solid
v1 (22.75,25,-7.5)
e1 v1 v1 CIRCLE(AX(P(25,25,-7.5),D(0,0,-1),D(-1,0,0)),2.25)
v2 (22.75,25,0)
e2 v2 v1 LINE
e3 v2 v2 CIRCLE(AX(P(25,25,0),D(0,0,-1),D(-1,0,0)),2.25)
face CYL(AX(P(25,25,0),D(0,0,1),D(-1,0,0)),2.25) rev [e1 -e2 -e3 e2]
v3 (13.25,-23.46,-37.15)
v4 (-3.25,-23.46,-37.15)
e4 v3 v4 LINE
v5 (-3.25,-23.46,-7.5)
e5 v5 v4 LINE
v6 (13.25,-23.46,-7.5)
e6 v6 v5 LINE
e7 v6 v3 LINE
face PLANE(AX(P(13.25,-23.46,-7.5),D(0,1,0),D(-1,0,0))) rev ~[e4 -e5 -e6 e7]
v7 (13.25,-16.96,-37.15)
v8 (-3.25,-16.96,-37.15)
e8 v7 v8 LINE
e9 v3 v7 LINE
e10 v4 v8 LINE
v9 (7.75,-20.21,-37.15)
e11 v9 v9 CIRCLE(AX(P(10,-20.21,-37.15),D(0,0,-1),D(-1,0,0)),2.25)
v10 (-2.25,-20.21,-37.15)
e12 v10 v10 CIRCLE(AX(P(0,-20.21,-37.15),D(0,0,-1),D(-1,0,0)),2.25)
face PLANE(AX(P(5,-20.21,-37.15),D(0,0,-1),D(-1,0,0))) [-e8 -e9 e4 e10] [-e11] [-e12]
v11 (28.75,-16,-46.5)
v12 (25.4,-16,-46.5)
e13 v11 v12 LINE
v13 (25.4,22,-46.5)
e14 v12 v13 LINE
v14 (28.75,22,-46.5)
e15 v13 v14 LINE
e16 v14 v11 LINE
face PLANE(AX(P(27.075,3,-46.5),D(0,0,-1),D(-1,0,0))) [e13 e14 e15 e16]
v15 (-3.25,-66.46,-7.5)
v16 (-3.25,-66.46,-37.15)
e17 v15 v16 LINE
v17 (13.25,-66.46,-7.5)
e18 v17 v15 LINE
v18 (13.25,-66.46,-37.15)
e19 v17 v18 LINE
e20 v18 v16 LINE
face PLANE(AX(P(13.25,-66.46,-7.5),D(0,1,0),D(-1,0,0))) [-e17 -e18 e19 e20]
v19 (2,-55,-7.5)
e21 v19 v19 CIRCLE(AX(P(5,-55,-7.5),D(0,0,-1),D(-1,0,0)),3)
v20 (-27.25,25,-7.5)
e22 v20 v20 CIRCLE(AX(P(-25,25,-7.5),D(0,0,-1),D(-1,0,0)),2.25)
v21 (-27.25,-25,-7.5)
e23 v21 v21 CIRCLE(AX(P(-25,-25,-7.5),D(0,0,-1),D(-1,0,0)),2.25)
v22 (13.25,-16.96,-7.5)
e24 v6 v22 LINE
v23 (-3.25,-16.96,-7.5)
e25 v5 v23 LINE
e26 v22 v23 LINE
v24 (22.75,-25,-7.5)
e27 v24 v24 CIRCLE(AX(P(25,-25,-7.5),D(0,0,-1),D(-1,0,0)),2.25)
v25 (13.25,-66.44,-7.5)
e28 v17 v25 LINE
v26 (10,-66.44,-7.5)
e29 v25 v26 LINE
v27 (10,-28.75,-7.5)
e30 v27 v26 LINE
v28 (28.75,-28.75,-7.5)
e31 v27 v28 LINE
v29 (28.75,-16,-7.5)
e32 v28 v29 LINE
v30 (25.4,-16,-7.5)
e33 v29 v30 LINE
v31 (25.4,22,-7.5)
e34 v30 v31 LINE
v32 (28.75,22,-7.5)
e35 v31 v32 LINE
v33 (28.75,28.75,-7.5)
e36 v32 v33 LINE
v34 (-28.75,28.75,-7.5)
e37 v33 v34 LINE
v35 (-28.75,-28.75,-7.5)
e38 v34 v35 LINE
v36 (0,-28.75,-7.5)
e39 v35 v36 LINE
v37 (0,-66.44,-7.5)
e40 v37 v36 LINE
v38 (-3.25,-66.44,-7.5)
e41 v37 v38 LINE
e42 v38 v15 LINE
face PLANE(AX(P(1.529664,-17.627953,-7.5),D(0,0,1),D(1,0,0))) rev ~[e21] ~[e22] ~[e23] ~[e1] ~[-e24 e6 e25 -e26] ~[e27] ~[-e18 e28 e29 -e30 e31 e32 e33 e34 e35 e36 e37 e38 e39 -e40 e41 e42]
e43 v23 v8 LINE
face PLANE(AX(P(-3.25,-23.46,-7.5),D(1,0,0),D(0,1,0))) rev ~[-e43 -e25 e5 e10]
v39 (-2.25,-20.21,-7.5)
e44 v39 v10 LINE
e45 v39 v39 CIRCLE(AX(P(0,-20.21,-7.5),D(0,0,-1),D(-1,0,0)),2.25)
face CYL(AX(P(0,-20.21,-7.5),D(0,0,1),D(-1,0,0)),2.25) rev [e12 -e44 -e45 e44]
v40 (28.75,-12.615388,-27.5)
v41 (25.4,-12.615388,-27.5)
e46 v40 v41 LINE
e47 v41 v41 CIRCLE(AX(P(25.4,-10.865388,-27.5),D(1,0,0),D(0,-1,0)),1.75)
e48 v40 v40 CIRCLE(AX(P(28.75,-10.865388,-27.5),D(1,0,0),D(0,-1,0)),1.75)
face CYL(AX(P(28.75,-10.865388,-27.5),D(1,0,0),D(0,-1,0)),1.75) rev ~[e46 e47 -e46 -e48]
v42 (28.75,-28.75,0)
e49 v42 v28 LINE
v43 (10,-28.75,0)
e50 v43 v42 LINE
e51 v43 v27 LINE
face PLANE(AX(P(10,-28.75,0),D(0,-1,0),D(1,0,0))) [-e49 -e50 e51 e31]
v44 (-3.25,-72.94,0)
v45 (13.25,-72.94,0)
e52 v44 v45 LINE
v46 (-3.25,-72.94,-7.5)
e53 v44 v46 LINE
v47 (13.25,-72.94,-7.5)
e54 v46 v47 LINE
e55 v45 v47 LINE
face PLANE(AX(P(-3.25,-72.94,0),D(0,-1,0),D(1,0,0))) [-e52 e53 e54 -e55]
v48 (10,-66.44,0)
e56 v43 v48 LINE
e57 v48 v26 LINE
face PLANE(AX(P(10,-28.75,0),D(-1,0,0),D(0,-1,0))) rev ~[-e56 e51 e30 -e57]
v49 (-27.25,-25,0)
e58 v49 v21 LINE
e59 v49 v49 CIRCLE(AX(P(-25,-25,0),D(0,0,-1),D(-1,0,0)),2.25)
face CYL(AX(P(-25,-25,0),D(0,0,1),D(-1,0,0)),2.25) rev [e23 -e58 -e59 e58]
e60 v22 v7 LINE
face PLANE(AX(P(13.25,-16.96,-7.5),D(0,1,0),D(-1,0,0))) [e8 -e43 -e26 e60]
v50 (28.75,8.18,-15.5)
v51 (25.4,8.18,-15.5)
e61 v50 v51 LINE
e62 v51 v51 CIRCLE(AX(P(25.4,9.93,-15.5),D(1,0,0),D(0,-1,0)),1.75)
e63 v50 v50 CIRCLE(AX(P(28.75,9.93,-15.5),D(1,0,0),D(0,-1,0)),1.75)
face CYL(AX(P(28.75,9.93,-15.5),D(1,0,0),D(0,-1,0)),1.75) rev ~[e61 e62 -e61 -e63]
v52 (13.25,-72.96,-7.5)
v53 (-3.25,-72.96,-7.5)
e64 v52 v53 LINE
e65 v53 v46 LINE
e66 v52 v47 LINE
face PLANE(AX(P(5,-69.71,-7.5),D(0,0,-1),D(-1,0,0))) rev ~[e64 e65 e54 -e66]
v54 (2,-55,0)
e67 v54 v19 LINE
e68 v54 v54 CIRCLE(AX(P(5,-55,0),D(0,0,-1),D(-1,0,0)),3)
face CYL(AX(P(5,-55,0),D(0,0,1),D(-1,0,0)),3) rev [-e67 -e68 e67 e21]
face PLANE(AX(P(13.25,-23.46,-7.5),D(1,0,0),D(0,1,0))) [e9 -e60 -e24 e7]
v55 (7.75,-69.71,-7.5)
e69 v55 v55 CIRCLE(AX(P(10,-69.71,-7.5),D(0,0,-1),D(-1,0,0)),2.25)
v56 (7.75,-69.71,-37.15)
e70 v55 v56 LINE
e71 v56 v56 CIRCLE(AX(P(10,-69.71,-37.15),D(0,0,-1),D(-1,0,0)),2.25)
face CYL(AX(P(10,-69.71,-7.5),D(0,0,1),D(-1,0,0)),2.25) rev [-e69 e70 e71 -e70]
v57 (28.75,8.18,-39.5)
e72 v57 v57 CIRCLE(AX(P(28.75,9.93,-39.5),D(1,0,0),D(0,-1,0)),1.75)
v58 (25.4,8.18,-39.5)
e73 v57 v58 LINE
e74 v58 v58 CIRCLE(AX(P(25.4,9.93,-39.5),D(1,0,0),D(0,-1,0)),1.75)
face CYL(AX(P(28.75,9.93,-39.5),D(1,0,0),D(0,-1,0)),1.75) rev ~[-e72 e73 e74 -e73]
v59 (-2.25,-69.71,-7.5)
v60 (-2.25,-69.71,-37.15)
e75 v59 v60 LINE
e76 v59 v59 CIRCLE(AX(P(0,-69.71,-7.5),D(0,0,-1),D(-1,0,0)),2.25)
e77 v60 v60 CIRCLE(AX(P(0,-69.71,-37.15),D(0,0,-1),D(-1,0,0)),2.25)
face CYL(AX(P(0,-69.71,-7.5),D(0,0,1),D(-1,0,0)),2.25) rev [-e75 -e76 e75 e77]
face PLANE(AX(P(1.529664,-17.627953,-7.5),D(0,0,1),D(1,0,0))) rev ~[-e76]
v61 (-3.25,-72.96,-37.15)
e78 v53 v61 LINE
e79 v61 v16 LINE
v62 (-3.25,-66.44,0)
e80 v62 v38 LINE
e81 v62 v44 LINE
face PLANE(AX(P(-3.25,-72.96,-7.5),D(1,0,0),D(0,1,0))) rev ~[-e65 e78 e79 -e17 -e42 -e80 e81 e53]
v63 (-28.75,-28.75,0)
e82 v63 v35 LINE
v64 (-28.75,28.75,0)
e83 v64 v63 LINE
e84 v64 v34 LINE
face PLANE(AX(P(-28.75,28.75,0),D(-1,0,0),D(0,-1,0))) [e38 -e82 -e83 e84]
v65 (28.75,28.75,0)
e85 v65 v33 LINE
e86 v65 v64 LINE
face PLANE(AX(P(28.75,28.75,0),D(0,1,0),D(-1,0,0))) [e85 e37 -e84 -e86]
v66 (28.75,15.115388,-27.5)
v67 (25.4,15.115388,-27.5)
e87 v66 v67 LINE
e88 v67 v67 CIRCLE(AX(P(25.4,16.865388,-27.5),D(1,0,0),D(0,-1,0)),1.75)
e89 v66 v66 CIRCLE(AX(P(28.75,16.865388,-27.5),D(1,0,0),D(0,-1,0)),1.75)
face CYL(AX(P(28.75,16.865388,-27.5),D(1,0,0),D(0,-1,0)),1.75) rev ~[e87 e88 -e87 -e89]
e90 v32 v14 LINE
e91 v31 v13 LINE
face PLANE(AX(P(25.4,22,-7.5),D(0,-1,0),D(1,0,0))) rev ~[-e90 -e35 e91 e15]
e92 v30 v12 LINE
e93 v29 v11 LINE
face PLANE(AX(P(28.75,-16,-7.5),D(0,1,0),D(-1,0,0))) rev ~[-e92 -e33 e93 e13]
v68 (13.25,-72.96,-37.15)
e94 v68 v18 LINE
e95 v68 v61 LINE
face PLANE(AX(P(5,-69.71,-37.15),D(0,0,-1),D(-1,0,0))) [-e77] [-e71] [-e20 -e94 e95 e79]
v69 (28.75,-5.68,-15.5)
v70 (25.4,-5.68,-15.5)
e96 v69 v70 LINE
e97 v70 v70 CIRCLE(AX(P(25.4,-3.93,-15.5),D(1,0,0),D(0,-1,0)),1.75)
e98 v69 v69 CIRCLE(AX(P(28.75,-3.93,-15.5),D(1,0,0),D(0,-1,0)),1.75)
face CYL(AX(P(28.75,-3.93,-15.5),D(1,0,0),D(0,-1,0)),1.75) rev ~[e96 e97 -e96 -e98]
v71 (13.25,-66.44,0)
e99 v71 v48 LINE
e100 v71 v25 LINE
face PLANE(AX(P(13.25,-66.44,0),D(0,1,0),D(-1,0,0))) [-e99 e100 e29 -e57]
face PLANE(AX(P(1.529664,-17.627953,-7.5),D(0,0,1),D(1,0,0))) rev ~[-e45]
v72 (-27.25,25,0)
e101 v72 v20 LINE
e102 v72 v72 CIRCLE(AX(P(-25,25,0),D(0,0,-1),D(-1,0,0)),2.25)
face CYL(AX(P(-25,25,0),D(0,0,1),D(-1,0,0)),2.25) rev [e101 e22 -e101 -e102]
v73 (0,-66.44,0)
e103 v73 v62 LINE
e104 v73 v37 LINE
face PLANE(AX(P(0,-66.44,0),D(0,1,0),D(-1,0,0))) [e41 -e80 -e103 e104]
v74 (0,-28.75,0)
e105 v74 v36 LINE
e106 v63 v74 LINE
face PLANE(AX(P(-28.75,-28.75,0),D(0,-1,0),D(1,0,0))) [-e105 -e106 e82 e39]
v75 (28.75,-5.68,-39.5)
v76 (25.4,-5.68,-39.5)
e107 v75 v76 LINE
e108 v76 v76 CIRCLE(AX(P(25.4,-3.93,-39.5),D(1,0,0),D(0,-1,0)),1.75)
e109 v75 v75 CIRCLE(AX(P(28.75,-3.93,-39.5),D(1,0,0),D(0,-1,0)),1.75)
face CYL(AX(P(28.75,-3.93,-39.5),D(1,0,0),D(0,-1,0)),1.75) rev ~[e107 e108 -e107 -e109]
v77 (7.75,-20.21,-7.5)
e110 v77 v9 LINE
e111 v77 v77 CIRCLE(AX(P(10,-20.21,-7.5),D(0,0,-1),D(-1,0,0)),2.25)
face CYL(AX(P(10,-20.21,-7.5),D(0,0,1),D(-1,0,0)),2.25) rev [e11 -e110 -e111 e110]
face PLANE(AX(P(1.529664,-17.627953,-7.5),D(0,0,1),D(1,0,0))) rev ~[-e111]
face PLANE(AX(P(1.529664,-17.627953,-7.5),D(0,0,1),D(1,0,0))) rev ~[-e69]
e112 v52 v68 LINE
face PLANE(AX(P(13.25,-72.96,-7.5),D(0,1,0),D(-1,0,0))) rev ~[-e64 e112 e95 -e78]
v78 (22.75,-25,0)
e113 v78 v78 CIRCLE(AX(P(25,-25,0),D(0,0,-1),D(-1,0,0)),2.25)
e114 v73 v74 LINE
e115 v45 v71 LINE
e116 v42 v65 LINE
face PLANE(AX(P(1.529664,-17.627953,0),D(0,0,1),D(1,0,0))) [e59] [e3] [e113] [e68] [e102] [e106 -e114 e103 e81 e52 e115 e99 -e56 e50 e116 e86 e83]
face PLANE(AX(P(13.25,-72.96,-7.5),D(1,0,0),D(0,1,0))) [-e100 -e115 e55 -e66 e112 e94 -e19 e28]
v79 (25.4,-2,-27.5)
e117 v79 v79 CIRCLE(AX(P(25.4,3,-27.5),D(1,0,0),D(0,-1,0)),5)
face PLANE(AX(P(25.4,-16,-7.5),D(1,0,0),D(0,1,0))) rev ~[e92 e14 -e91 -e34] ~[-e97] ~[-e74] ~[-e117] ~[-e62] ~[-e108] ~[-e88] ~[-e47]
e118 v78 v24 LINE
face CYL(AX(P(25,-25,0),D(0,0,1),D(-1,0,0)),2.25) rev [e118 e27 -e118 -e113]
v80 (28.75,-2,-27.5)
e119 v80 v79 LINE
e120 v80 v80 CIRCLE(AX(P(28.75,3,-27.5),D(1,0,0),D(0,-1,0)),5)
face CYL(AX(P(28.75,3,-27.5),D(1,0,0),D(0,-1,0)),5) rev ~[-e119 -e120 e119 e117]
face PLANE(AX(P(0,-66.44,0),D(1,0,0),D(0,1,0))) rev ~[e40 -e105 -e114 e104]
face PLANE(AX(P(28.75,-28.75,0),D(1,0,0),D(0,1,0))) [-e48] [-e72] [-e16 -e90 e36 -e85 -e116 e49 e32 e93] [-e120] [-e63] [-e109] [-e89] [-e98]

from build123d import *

# Parameters (mm, degrees)
SKETCH014_R             = 3
SKETCH014_R_2           = 2.25
PAD007_DEPTH            = 7.5
SKETCH015_W             = 16.5
SKETCH015_H             = 6.5
SKETCH015_R             = 2.25
PAD008_DEPTH            = 29.65
PAD010_DEPTH            = 39
SKETCH017_R             = 5
SKETCH017_R_2           = 1.75
POCKET_DEPTH            = 5
BODY002_PLACEMENT_ANGLE = 180


with BuildPart() as part:
    # Sketch014 → Pad007 (new body)
    with BuildSketch(Plane.XY):
        Polygon((0, -28.75), (0, -55), (0, -66.44), (3.25, -66.44), (3.25, -72.94), (-13.25, -72.94), (-13.25, -66.44), (-10, -66.44), (-10, -55), (-10, -28.75), (-28.75, -28.75), (-28.75, 28.75), (28.75, 28.75), (28.75, -28.75), align=None)
        with Locations((-5, -55)):
            Circle(SKETCH014_R, mode=Mode.SUBTRACT)
        with Locations((-25, -25)):
            Circle(SKETCH014_R_2, mode=Mode.SUBTRACT)
        with Locations((25, 25)):
            Circle(SKETCH014_R_2, mode=Mode.SUBTRACT)
        with Locations((25, -25)):
            Circle(SKETCH014_R_2, mode=Mode.SUBTRACT)
        with Locations((-25, 25)):
            Circle(SKETCH014_R_2, mode=Mode.SUBTRACT)
    extrude(amount=PAD007_DEPTH)

    # Sketch015 (on Face21 of Pad007) → Pad008 (join)
    with BuildSketch(Plane.XY.offset(7.5)):
        with Locations((-5, -20.21)):
            Rectangle(SKETCH015_W, SKETCH015_H)
        with Locations((-10, -20.21)):
            Circle(SKETCH015_R, mode=Mode.SUBTRACT)
        with Locations((0, -20.21)):
            Circle(SKETCH015_R, mode=Mode.SUBTRACT)
        with Locations((-5, -69.71)):
            Rectangle(SKETCH015_W, SKETCH015_H)
        with Locations((0, -69.71)):
            Circle(SKETCH015_R, mode=Mode.SUBTRACT)
        with Locations((-10, -69.71)):
            Circle(SKETCH015_R, mode=Mode.SUBTRACT)
    extrude(amount=PAD008_DEPTH)

    # Sketch016 (on Face5 of Pad008) → Pad010 (join)
    with BuildSketch(Plane.XY.offset(7.5)):
        Polygon((-25.4, 3), (-25.4, 22), (-28.75, 22), (-28.75, -16), (-25.4, -16), align=None)
    extrude(amount=PAD010_DEPTH)

    # Sketch017 (on Face7 of Pad010) → Pocket (cut)
    with BuildSketch(Plane(origin=(-28.75, 0, 0), x_dir=(0, -1, 0), z_dir=(-1, 0, 0))):
        with Locations((-3, 27.5)):
            Circle(SKETCH017_R)
        with Locations((3.93, 39.5)):
            Circle(SKETCH017_R_2)
        with Locations((-9.93, 39.5)):
            Circle(SKETCH017_R_2)
        with Locations((-9.93, 15.5)):
            Circle(SKETCH017_R_2)
        with Locations((3.93, 15.5)):
            Circle(SKETCH017_R_2)
        with Locations((-16.865388, 27.5)):
            Circle(SKETCH017_R_2)
        with Locations((10.865388, 27.5)):
            Circle(SKETCH017_R_2)
    extrude(amount=-POCKET_DEPTH, mode=Mode.SUBTRACT)


with BuildPart() as part_1:
    # Body002 placement: moved
    add(part.part.rotate(Axis((0, 0, 0), (0, 1, 0)), BODY002_PLACEMENT_ANGLE))


solid = part_1.part
